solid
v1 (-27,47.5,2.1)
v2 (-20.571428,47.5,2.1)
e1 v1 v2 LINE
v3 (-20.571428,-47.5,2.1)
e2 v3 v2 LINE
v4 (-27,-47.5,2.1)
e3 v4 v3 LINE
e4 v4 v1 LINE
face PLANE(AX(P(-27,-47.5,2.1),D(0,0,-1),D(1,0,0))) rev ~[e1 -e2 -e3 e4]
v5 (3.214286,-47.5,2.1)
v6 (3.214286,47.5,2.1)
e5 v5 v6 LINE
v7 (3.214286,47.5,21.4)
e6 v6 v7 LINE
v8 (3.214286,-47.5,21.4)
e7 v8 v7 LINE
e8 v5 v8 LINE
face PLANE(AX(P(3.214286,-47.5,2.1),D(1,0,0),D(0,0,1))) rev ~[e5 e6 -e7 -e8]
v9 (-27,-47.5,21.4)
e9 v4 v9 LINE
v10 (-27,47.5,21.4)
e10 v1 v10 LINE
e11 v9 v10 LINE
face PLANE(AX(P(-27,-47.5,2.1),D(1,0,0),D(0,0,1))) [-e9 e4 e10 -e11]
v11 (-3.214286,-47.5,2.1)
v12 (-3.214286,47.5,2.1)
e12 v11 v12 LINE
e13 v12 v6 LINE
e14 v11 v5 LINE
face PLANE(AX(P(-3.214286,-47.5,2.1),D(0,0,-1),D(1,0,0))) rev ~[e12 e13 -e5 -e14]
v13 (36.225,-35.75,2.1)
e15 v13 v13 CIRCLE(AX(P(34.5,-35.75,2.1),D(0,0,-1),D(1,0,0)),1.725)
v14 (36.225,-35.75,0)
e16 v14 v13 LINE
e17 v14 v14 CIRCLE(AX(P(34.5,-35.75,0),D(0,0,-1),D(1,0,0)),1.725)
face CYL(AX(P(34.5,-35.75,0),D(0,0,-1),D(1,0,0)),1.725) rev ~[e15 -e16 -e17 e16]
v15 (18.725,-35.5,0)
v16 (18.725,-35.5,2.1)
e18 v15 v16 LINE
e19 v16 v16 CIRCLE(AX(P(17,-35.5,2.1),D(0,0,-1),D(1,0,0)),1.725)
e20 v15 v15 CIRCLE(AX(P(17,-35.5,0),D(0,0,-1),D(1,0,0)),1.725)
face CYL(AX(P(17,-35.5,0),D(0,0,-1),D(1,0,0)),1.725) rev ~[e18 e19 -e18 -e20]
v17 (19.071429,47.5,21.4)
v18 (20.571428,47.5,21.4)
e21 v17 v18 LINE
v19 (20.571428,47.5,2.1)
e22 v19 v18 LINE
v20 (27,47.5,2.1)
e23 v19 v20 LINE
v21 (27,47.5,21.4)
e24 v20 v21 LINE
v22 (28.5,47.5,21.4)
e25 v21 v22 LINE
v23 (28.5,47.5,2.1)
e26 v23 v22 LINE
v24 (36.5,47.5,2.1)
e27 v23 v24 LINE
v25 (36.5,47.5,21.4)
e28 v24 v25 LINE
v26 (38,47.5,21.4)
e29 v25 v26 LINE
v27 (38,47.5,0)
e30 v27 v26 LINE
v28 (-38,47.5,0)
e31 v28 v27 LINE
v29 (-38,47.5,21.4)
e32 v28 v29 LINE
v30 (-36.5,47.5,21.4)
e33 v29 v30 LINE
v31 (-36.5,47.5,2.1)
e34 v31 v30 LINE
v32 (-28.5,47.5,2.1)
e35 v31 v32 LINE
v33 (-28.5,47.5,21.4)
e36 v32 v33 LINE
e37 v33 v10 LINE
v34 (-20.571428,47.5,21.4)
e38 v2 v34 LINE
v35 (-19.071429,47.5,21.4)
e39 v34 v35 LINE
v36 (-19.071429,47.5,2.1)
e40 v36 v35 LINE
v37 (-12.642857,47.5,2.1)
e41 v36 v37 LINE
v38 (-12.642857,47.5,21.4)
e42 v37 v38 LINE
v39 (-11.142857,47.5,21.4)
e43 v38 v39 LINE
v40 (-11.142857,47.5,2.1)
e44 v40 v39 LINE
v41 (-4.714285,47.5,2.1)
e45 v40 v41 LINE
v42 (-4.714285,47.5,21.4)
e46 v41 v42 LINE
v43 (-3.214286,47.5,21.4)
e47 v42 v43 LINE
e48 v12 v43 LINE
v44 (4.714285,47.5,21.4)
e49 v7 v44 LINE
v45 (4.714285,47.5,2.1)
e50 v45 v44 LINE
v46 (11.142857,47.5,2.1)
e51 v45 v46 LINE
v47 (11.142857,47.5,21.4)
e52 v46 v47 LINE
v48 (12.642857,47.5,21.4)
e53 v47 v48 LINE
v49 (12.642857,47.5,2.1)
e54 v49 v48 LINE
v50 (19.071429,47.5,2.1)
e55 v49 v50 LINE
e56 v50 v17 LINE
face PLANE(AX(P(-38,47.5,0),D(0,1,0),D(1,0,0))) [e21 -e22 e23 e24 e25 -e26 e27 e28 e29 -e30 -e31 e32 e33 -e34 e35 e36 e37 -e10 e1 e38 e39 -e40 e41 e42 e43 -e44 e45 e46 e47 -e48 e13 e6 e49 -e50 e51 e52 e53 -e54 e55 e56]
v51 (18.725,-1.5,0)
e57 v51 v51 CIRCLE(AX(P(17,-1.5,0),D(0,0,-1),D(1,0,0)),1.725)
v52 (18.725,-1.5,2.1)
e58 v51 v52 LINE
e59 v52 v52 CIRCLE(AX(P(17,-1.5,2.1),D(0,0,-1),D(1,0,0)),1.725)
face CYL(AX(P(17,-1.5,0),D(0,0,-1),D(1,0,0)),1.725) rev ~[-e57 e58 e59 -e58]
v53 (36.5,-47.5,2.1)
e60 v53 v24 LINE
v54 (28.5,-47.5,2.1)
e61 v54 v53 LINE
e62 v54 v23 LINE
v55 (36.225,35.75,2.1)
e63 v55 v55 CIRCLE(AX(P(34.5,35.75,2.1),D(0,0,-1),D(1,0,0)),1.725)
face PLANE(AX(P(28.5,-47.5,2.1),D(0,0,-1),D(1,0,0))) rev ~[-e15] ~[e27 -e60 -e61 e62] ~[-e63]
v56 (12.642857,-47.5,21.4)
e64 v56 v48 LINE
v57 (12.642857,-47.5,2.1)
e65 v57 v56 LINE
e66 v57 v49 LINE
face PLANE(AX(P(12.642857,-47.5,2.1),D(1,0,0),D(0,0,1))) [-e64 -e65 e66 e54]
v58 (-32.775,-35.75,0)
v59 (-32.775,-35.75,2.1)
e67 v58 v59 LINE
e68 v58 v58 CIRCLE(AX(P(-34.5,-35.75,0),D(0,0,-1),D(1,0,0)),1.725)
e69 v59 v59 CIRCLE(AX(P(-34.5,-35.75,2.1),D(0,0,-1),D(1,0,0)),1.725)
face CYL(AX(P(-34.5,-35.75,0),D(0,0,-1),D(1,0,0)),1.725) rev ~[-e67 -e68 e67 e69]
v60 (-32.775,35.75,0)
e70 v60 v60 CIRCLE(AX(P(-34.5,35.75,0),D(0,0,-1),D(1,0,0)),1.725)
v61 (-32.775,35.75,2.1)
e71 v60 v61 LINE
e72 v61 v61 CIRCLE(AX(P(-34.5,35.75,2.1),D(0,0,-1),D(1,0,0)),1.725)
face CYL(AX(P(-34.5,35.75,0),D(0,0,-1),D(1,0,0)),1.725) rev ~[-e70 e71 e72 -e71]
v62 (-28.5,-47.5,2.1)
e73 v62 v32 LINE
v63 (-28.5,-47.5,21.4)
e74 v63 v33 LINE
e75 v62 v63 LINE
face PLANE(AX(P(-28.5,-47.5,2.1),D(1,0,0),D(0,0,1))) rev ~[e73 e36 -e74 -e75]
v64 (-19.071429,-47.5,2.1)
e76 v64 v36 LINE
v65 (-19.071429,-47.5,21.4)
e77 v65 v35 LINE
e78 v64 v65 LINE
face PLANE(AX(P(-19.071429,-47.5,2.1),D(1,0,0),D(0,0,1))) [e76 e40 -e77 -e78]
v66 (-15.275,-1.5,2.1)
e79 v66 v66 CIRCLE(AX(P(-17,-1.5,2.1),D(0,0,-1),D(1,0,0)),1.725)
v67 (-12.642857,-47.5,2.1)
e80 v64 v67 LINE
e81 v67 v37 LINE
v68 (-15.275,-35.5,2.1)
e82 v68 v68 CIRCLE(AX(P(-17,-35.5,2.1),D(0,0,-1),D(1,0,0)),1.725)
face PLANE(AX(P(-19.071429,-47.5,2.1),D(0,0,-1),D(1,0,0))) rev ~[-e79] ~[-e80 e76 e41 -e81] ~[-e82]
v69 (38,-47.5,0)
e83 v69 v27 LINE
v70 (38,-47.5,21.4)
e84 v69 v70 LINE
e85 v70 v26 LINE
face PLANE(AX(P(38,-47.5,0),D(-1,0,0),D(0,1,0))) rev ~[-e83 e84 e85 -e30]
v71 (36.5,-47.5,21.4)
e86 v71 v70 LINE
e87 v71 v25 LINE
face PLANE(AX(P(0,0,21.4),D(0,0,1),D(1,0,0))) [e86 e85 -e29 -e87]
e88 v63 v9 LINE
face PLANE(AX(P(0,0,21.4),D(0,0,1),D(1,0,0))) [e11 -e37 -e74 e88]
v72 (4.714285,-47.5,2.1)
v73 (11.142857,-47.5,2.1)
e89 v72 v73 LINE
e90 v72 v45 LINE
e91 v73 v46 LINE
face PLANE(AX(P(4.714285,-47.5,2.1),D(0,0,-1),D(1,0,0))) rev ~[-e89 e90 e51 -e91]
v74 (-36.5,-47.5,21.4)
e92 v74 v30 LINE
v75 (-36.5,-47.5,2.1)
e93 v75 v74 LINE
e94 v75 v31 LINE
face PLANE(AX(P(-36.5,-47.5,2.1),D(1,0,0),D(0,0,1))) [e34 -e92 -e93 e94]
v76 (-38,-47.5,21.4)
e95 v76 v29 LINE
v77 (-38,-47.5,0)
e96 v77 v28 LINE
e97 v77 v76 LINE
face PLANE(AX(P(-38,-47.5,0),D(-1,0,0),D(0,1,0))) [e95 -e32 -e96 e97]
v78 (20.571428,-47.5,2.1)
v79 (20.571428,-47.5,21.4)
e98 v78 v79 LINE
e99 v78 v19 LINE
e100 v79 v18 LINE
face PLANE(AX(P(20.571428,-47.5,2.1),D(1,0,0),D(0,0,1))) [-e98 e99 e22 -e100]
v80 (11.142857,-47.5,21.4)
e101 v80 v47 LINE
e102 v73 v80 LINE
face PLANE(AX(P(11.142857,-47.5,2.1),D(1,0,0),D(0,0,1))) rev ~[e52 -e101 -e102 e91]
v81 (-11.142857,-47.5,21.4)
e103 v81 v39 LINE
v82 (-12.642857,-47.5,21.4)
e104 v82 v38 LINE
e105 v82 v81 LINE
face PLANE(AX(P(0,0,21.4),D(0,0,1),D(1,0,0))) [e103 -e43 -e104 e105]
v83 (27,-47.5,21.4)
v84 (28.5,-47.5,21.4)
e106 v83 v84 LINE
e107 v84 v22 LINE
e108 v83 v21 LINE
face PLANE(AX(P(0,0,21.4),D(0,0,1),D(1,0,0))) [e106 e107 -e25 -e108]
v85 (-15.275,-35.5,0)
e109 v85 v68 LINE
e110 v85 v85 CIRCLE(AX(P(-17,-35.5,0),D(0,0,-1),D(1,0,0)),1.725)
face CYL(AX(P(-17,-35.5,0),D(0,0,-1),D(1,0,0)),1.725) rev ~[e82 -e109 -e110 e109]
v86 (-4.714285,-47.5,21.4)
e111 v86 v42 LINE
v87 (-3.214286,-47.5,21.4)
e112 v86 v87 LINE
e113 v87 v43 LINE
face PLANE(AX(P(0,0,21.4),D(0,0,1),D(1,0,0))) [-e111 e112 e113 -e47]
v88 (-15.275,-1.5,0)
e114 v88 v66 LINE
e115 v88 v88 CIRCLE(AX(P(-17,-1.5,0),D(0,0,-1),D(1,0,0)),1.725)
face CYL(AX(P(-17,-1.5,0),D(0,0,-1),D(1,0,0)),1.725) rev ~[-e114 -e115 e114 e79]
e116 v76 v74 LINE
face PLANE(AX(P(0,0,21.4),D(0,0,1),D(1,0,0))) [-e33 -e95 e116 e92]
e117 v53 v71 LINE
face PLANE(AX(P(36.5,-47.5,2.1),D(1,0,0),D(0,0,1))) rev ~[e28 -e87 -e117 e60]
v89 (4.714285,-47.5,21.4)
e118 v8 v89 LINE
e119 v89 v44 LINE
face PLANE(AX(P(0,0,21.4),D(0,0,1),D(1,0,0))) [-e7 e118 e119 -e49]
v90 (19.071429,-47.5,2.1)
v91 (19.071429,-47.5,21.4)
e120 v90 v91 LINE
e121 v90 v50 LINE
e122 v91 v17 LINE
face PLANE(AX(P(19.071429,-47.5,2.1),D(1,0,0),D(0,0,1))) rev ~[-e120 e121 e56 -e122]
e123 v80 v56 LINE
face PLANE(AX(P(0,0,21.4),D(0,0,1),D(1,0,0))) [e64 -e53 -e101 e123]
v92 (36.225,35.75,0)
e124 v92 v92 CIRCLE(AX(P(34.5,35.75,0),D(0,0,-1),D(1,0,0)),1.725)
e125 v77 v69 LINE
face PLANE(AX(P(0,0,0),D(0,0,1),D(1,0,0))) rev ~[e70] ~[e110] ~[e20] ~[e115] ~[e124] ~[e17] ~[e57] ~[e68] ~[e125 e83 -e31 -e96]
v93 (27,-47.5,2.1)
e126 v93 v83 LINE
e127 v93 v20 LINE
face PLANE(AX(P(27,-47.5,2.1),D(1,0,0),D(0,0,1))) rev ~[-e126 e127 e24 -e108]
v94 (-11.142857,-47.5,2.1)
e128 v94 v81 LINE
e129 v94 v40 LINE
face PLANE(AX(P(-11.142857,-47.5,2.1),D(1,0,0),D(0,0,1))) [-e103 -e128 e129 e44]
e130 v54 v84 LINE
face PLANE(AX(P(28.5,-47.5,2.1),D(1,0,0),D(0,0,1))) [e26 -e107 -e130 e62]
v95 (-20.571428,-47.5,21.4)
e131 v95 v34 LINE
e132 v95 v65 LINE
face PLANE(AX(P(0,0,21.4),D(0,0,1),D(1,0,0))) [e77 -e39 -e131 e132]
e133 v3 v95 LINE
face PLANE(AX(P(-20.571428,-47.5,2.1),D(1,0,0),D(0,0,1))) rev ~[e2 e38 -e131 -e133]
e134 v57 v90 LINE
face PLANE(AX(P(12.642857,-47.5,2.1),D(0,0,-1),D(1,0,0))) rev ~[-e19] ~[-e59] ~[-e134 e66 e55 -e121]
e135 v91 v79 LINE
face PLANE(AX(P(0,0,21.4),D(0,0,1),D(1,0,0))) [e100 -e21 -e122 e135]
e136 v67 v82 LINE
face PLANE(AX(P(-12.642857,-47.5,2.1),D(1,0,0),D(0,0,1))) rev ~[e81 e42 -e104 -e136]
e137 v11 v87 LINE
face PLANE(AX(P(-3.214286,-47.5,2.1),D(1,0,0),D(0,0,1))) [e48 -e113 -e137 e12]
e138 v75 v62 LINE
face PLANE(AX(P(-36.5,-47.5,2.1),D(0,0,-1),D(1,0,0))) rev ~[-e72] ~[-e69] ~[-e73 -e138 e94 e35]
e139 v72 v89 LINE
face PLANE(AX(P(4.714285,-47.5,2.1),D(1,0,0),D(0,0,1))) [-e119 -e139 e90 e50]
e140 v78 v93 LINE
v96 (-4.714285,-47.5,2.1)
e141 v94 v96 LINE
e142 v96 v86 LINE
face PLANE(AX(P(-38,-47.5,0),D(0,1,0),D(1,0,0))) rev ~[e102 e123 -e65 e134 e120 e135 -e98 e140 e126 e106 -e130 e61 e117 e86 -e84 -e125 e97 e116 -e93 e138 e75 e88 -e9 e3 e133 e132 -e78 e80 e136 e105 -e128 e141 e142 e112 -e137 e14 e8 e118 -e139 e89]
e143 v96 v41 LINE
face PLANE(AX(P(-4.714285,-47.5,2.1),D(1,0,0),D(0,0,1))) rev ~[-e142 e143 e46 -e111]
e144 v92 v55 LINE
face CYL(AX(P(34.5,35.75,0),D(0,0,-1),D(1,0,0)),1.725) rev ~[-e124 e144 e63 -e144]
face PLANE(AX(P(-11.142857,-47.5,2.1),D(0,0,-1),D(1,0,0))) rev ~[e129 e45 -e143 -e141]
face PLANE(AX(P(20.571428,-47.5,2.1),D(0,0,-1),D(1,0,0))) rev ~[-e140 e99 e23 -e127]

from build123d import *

# Parameters (mm, degrees)
F0_W     = 76
F0_H     = 95
F1_DEPTH = 21.4
F2_W     = 8
F2_H     = 19.3
F2_W_2   = 6.428571
F2_W_3   = 6.428572
F3_DEPTH = 95
F4_R     = 1.725
F5_DEPTH = 2.1


with BuildPart() as f1:
    # F0 (on Top) → F1 (new body)
    with BuildSketch(Plane.XY):
        Rectangle(F0_W, F0_H)
    extrude(amount=F1_DEPTH)

    # F2 (on face) → F3 (cut, through all)
    with BuildSketch(Plane.XZ.offset(47.5)):
        with Locations((-32.5, 11.75)):
            Rectangle(F2_W, F2_H)
        with Locations((32.5, 11.75)):
            Rectangle(F2_W, F2_H)
        with Locations((-23.785714, 11.75)):
            Rectangle(F2_W_2, F2_H)
        with Locations((-15.857143, 11.75)):
            Rectangle(F2_W_3, F2_H)
        with Locations((-7.928571, 11.75)):
            Rectangle(F2_W_2, F2_H)
        with Locations((0, 11.75)):
            Rectangle(F2_W_3, F2_H)
        with Locations((7.928571, 11.75)):
            Rectangle(F2_W_2, F2_H)
        with Locations((15.857143, 11.75)):
            Rectangle(F2_W_3, F2_H)
        with Locations((23.785714, 11.75)):
            Rectangle(F2_W_2, F2_H)
    extrude(amount=-F3_DEPTH, mode=Mode.SUBTRACT)

    # F4 (on face) → F5 (cut, through all)
    with BuildSketch(Plane(origin=(0, 0, 0), x_dir=(1, 0, 0), z_dir=(0, 0, -1))):
        with Locations((-17, 35.5)):
            Circle(F4_R)
        with Locations((17, 35.5)):
            Circle(F4_R)
        with Locations((17, 1.5)):
            Circle(F4_R)
        with Locations((-17, 1.5)):
            Circle(F4_R)
        with Locations((-34.5, 35.75)):
            Circle(F4_R)
        with Locations((34.5, 35.75)):
            Circle(F4_R)
        with Locations((34.5, -35.75)):
            Circle(F4_R)
        with Locations((-34.5, -35.75)):
            Circle(F4_R)
    extrude(amount=-F5_DEPTH, mode=Mode.SUBTRACT)


solid = f1.part
